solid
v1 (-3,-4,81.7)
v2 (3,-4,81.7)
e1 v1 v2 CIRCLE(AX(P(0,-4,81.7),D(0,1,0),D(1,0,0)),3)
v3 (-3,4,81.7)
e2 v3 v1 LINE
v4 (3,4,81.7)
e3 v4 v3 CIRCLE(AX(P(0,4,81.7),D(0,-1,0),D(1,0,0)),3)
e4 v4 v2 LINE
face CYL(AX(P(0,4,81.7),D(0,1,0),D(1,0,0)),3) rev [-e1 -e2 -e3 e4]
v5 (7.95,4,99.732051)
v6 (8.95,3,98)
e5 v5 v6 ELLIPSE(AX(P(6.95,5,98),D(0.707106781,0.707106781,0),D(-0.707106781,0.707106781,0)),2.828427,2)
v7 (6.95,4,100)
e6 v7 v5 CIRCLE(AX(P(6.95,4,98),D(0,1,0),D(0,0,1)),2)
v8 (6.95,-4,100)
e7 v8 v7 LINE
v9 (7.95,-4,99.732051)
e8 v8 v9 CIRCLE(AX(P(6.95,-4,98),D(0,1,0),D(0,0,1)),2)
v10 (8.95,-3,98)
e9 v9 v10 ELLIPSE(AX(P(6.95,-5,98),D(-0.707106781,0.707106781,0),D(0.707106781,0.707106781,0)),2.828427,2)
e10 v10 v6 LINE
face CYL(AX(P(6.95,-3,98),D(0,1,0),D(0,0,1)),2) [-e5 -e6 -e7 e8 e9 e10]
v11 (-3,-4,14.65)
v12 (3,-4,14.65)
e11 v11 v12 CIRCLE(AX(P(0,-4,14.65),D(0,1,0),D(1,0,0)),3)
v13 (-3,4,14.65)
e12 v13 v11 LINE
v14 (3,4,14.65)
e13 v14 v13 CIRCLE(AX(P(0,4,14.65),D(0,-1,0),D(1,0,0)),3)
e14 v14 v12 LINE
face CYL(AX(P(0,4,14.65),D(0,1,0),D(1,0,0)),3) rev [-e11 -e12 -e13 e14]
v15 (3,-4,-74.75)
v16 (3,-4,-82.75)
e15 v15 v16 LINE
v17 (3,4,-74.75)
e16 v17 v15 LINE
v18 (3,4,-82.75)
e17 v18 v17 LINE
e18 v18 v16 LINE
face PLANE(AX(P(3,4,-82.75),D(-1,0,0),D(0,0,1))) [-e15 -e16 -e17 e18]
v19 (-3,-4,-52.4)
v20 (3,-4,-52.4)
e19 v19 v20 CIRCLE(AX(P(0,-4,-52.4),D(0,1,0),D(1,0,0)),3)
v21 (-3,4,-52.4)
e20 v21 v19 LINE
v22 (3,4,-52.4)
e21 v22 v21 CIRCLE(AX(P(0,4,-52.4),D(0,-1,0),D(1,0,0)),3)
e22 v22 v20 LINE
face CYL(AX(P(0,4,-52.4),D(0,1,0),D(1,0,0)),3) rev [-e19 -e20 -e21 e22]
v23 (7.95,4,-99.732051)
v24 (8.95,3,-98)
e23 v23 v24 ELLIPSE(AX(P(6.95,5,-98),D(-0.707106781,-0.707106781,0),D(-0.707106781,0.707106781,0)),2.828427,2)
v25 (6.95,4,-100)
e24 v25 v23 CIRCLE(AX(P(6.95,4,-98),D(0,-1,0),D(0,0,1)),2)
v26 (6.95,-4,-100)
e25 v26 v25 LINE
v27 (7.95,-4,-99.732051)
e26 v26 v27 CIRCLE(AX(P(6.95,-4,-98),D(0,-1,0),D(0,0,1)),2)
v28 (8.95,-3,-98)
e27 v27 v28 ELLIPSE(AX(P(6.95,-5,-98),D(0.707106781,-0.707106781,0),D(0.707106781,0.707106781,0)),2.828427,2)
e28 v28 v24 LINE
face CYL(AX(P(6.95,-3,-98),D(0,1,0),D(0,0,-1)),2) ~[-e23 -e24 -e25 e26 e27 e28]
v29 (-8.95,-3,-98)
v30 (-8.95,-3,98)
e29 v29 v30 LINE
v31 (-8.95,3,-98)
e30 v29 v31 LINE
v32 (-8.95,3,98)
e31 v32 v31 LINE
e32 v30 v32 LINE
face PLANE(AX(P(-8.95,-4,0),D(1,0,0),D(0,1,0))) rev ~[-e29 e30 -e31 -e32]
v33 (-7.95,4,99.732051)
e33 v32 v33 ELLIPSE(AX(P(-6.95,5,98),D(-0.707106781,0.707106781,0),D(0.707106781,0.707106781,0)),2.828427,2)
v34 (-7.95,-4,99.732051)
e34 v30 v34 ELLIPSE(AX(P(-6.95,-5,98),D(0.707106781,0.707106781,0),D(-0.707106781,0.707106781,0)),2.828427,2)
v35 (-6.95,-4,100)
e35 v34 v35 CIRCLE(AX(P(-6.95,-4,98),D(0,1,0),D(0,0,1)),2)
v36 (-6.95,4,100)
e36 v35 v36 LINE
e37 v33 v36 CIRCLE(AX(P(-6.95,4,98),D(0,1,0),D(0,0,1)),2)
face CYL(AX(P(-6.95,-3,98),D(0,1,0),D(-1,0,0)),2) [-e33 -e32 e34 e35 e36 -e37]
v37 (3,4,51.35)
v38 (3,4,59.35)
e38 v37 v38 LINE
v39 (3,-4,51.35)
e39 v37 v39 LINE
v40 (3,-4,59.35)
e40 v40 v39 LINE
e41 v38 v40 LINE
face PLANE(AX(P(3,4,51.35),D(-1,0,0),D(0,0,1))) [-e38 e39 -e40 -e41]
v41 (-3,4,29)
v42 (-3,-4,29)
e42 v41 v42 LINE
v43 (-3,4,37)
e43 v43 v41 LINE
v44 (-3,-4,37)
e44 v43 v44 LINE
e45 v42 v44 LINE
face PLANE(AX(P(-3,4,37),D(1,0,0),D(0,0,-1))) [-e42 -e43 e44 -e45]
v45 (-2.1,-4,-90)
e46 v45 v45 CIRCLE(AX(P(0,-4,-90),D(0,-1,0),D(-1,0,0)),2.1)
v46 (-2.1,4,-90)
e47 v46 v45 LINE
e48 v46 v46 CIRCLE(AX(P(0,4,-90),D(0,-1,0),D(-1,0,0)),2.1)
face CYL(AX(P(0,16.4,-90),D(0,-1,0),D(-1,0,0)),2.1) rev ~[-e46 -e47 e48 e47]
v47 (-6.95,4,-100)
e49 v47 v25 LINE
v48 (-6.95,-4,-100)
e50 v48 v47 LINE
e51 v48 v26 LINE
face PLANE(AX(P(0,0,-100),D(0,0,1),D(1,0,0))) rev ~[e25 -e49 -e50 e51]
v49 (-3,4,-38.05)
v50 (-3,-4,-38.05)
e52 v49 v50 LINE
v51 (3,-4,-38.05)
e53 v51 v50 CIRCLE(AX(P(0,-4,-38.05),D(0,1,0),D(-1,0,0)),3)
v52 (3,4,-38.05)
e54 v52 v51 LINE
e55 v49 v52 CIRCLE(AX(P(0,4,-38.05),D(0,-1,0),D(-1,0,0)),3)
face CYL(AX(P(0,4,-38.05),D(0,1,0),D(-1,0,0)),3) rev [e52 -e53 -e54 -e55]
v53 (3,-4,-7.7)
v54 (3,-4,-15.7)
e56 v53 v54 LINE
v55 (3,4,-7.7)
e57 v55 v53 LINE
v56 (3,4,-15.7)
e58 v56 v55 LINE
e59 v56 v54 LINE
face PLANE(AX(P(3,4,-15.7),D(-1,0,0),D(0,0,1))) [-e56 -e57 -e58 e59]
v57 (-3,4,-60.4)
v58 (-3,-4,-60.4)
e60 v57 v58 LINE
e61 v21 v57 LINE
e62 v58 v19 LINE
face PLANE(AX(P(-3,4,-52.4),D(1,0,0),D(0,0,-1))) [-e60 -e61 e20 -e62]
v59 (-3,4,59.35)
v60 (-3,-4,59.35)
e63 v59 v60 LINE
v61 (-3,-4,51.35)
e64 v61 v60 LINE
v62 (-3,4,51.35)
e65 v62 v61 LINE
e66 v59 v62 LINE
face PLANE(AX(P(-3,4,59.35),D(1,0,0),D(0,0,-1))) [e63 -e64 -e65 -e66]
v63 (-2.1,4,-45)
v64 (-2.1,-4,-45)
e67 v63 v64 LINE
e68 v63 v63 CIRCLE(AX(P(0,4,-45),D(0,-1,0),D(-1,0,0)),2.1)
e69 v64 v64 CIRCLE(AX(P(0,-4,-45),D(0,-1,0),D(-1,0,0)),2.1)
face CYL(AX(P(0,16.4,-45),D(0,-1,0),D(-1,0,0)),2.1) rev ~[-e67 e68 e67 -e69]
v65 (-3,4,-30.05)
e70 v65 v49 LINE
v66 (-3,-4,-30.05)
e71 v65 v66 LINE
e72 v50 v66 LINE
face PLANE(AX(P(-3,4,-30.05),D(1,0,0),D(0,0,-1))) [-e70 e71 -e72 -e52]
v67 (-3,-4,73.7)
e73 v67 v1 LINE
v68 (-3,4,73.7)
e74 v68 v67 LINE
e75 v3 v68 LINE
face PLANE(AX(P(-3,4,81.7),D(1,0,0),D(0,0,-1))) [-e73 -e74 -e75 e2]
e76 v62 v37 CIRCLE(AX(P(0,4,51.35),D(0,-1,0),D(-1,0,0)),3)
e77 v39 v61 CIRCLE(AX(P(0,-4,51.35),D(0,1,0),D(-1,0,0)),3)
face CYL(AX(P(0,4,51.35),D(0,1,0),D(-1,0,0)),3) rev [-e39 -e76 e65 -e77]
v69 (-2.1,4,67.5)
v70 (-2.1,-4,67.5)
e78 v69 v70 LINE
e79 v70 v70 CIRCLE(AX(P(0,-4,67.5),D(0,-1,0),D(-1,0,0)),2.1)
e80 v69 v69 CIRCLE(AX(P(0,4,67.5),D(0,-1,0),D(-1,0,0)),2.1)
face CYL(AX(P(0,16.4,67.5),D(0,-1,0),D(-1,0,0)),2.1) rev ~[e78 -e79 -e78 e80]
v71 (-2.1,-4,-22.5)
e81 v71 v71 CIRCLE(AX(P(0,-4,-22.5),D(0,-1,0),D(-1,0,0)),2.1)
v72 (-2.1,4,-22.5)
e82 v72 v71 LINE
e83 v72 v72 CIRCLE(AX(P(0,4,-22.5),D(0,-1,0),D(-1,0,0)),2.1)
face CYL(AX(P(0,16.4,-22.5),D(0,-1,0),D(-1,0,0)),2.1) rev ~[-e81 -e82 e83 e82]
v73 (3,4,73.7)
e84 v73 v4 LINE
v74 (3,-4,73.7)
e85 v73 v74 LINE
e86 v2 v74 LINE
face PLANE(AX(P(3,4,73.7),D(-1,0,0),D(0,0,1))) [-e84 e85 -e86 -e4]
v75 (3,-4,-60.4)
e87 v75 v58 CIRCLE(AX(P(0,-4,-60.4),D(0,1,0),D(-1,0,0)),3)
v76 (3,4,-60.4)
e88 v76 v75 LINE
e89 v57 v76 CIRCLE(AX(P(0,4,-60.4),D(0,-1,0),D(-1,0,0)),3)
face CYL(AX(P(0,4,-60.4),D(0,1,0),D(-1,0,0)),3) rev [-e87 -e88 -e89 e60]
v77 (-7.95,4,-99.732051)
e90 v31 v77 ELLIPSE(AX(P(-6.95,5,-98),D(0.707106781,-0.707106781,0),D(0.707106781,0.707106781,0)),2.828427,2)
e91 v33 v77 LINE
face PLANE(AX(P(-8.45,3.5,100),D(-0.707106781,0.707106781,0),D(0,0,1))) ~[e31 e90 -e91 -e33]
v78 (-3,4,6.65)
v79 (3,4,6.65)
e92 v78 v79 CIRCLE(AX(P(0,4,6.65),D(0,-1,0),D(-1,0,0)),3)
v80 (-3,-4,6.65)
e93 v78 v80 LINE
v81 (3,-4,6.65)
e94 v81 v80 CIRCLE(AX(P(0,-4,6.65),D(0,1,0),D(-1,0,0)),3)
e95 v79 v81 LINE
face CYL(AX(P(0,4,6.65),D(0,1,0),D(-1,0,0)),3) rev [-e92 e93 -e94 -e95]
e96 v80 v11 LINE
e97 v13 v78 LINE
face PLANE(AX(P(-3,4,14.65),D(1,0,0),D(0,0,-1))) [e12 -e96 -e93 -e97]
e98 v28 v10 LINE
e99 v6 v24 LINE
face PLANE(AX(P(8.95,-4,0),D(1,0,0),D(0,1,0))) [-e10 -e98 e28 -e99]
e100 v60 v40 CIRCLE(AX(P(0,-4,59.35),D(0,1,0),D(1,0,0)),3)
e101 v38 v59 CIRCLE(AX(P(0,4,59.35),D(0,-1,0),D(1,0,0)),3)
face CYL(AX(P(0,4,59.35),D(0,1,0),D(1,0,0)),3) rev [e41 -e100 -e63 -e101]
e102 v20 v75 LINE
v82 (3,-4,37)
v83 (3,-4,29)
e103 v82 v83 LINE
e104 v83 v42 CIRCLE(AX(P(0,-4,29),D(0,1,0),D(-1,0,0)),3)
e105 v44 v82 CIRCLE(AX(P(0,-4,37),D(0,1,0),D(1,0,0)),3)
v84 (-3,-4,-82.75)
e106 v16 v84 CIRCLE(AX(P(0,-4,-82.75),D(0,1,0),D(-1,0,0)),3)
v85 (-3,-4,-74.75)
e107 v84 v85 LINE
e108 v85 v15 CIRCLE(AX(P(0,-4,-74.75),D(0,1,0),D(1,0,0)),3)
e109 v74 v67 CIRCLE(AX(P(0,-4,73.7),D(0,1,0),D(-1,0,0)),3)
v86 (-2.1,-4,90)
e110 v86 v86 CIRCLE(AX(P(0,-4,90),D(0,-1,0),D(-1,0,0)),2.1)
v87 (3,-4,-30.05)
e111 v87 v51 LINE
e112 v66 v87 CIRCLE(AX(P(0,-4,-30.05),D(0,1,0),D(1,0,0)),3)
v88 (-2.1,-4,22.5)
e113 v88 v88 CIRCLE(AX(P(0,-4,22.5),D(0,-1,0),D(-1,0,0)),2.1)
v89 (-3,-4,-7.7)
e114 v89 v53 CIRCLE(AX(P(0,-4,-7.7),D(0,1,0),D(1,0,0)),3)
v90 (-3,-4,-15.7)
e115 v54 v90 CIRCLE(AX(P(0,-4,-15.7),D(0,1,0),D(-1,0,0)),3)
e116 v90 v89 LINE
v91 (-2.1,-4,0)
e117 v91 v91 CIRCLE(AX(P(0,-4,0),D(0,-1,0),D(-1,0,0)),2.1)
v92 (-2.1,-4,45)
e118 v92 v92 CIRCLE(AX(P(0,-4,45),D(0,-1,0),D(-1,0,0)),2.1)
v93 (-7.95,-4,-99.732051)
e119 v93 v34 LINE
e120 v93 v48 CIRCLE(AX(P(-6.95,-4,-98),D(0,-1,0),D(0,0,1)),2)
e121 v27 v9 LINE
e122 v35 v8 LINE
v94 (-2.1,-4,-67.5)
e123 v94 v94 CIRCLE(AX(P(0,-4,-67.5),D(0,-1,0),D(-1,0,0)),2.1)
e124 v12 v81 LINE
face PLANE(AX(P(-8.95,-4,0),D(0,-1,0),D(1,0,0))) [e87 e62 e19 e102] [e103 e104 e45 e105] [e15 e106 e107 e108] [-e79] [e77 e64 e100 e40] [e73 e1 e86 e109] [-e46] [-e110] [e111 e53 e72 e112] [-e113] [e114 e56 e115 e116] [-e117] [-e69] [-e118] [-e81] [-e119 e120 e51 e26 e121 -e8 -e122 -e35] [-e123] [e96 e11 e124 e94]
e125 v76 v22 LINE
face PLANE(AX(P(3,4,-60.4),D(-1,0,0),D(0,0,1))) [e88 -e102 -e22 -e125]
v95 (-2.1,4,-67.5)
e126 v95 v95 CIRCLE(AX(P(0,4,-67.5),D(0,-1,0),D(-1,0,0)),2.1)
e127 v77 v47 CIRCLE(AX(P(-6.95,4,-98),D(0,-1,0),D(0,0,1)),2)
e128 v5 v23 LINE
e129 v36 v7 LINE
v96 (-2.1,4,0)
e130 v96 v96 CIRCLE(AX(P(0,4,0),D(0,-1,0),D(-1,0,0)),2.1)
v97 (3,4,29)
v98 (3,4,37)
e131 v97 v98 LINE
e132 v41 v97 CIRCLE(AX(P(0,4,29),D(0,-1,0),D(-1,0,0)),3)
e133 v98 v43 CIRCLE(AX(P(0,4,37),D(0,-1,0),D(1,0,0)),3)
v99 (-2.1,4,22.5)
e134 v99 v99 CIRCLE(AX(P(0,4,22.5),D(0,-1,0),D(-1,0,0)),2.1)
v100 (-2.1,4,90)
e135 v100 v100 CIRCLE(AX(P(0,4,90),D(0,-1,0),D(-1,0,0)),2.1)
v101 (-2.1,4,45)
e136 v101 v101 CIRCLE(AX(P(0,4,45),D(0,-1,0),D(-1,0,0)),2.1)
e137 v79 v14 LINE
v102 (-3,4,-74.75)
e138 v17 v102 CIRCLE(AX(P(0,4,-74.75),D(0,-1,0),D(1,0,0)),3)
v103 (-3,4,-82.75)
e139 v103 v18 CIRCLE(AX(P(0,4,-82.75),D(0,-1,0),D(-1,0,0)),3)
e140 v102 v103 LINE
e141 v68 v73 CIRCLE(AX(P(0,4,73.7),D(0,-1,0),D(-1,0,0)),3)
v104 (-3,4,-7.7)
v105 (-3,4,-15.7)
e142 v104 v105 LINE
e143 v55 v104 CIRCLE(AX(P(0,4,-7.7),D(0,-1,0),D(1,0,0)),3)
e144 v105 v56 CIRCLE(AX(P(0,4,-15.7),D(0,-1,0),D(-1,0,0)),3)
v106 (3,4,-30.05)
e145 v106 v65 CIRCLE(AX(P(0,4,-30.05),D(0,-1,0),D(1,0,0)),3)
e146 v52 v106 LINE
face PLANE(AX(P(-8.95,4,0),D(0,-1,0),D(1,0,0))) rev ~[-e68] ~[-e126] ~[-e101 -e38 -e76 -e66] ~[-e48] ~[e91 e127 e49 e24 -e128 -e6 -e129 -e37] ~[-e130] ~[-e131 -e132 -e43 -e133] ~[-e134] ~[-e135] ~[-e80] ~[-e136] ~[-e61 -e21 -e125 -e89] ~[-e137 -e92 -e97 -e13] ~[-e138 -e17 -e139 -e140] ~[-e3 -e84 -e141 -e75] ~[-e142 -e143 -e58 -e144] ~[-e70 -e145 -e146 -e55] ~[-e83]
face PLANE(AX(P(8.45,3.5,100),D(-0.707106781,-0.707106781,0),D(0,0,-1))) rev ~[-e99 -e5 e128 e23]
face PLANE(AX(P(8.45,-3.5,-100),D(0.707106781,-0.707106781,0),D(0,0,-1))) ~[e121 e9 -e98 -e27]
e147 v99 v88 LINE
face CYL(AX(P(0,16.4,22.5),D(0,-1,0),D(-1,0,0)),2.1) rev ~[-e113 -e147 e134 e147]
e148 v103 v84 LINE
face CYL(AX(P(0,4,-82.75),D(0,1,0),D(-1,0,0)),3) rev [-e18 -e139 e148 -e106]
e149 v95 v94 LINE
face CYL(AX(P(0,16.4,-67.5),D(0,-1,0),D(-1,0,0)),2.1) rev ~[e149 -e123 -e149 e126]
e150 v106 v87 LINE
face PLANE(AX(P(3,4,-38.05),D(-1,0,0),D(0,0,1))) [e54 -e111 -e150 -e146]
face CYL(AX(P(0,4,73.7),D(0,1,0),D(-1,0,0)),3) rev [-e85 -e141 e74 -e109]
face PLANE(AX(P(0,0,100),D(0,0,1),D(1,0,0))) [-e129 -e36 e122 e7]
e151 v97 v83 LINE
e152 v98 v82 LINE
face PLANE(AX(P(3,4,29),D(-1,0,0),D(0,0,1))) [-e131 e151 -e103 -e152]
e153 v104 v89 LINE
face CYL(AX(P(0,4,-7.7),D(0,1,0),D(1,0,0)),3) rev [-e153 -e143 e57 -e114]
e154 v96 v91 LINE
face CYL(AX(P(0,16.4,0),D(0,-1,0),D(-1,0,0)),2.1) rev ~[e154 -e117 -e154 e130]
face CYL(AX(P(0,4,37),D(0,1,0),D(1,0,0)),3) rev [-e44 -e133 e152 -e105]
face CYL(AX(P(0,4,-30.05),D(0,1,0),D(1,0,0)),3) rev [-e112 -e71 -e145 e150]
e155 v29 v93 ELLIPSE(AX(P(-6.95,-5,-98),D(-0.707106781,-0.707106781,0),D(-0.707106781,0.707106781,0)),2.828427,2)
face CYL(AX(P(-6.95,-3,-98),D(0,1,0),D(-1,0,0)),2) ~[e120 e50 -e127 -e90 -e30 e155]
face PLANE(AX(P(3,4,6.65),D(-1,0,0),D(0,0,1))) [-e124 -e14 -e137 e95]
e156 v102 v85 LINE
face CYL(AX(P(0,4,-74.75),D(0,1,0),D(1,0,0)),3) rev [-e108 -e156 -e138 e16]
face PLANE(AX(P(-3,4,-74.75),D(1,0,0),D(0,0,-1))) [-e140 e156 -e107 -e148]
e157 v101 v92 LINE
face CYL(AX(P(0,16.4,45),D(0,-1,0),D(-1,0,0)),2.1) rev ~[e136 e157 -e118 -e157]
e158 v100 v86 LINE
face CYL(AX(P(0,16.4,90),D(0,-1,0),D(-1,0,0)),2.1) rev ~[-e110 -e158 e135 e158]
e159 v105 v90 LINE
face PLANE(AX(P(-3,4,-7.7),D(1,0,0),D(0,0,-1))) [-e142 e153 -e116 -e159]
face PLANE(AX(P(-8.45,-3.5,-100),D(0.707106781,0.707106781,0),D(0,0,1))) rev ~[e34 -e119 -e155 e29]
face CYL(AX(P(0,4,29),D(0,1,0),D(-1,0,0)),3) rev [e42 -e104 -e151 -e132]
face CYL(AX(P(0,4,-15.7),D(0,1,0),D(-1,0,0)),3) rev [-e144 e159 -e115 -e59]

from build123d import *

# Parameters (mm, degrees)
SKETCH_1_W             = 17.9
SKETCH_1_H             = 8
EXTRUDE_1_DEPTH        = 100
SKETCH_2_R             = 1.5
CUT_EXTRUDE_1_DEPTH    = 100
HOLE_WIZARD_M5_1_D     = 4.2
HOLE_WIZARD_M5_1_DEPTH = 12.4
HOLE_WIZARD_M5_1_TIP   = 1.2618073
CHAMFER_1_SIZE         = 1
FILLET_1_R             = 2
HOLE_WIZARD_M5_2_D     = 4.2
HOLE_WIZARD_M5_2_DEPTH = 12.4
HOLE_WIZARD_M5_2_TIP   = 1.2618073
CUT_EXTRUDE_2_DEPTH    = 10


with BuildPart() as part:
    # 草图1 → 凸台-拉伸1 (new, symmetric)
    with BuildSketch(Plane.XY):
        Rectangle(SKETCH_1_W, SKETCH_1_H)
    extrude(amount=EXTRUDE_1_DEPTH, both=True)

    # 草图2 → 切除-拉伸1 (cut, symmetric)
    with BuildSketch(Plane(origin=(0, 4, 0), x_dir=(1, 0, 0), z_dir=(0, 1, 0))):
        with Locations(Location((0, 90, 0), (0, 0, 270))):
            Circle(SKETCH_2_R)
        with Locations(Location((0, 45, 0), (0, 0, 270))):
            Circle(SKETCH_2_R)
        with Locations(Location((0, 0, 0), (0, 0, 270))):
            Circle(SKETCH_2_R)
        with Locations(Location((0, -45, 0), (0, 0, 270))):
            Circle(SKETCH_2_R)
        with Locations(Location((0, -90, 0), (0, 0, 270))):
            Circle(SKETCH_2_R)
    extrude(amount=CUT_EXTRUDE_1_DEPTH, both=True, mode=Mode.SUBTRACT)

    # M5 螺纹孔1
    with Locations(Plane(origin=(0, 4, 0), x_dir=(1, 0, 0), z_dir=(0, 1, 0))):
        with Locations((0, 90), (0, 45), (0, 0), (0, -45), (0, -90)):
            Hole(HOLE_WIZARD_M5_1_D / 2, depth=HOLE_WIZARD_M5_1_DEPTH)
            with Locations((0, 0, -(HOLE_WIZARD_M5_1_DEPTH + HOLE_WIZARD_M5_1_TIP / 2))):  # 118° drill point
                Cone(0, HOLE_WIZARD_M5_1_D / 2, HOLE_WIZARD_M5_1_TIP, mode=Mode.SUBTRACT)

    # 倒角1
    chamfer_1_edges = [part.edges().sort_by_distance(p)[0] for p in [
        (8.95, -4, 0),
        (-8.95, -4, 0),
        (-8.95, 4, 0),
        (8.95, 4, 0),
    ]]
    chamfer(chamfer_1_edges, length=CHAMFER_1_SIZE)

    # 圆角1
    fillet_1_edges = [part.edges().sort_by_distance(p)[0] for p in [
        (8.95, 0, -100),
        (-8.95, 0, -100),
        (-8.95, 0, 100),
        (8.95, 0, 100),
    ]]
    fillet(fillet_1_edges, radius=FILLET_1_R)

    # M5 螺纹孔2
    with Locations(Plane(origin=(0, 4, 0), x_dir=(1, 0, 0), z_dir=(0, 1, 0))):
        with Locations((0, 67.5), (0, 22.5), (0, -22.5), (0, -67.5)):
            Hole(HOLE_WIZARD_M5_2_D / 2, depth=HOLE_WIZARD_M5_2_DEPTH)
            with Locations((0, 0, -(HOLE_WIZARD_M5_2_DEPTH + HOLE_WIZARD_M5_2_TIP / 2))):  # 118° drill point
                Cone(0, HOLE_WIZARD_M5_2_D / 2, HOLE_WIZARD_M5_2_TIP, mode=Mode.SUBTRACT)

    # 草图8 → 切除-拉伸2 (cut)
    with BuildSketch(Plane(origin=(0, 4, 0), x_dir=(1, 0, 0), z_dir=(0, 1, 0))):
        with BuildLine():
            Line((3, 82.75), (3, 74.75))
            ThreePointArc((3, 74.75), (0, 71.75), (-3, 74.75))
            Line((-3, 74.75), (-3, 82.75))
            ThreePointArc((-3, 82.75), (0, 85.75), (3, 82.75))
        make_face()
        with BuildLine():
            Line((3, 60.4), (3, 52.4))
            ThreePointArc((3, 52.4), (0, 49.4), (-3, 52.4))
            Line((-3, 52.4), (-3, 60.4))
            ThreePointArc((-3, 60.4), (0, 63.4), (3, 60.4))
        make_face()
        with BuildLine():
            Line((3, 38.05), (3, 30.05))
            ThreePointArc((3, 30.05), (0, 27.05), (-3, 30.05))
            Line((-3, 30.05), (-3, 38.05))
            ThreePointArc((-3, 38.05), (0, 41.05), (3, 38.05))
        make_face()
        with BuildLine():
            Line((3, 15.7), (3, 7.7))
            ThreePointArc((3, 7.7), (0, 4.7), (-3, 7.7))
            Line((-3, 7.7), (-3, 15.7))
            ThreePointArc((-3, 15.7), (0, 18.7), (3, 15.7))
        make_face()
        with BuildLine():
            Line((3, -6.65), (3, -14.65))
            ThreePointArc((3, -14.65), (0, -17.65), (-3, -14.65))
            Line((-3, -14.65), (-3, -6.65))
            ThreePointArc((-3, -6.65), (0, -3.65), (3, -6.65))
        make_face()
        with BuildLine():
            Line((3, -29), (3, -37))
            ThreePointArc((3, -37), (0, -40), (-3, -37))
            Line((-3, -37), (-3, -29))
            ThreePointArc((-3, -29), (0, -26), (3, -29))
        make_face()
        with BuildLine():
            Line((3, -51.35), (3, -59.35))
            ThreePointArc((3, -59.35), (0, -62.35), (-3, -59.35))
            Line((-3, -59.35), (-3, -51.35))
            ThreePointArc((-3, -51.35), (0, -48.35), (3, -51.35))
        make_face()
        with BuildLine():
            Line((3, -73.7), (3, -81.7))
            ThreePointArc((3, -81.7), (0, -84.7), (-3, -81.7))
            Line((-3, -81.7), (-3, -73.7))
            ThreePointArc((-3, -73.7), (0, -70.7), (3, -73.7))
        make_face()
    extrude(amount=-CUT_EXTRUDE_2_DEPTH, mode=Mode.SUBTRACT)


solid = part.part
